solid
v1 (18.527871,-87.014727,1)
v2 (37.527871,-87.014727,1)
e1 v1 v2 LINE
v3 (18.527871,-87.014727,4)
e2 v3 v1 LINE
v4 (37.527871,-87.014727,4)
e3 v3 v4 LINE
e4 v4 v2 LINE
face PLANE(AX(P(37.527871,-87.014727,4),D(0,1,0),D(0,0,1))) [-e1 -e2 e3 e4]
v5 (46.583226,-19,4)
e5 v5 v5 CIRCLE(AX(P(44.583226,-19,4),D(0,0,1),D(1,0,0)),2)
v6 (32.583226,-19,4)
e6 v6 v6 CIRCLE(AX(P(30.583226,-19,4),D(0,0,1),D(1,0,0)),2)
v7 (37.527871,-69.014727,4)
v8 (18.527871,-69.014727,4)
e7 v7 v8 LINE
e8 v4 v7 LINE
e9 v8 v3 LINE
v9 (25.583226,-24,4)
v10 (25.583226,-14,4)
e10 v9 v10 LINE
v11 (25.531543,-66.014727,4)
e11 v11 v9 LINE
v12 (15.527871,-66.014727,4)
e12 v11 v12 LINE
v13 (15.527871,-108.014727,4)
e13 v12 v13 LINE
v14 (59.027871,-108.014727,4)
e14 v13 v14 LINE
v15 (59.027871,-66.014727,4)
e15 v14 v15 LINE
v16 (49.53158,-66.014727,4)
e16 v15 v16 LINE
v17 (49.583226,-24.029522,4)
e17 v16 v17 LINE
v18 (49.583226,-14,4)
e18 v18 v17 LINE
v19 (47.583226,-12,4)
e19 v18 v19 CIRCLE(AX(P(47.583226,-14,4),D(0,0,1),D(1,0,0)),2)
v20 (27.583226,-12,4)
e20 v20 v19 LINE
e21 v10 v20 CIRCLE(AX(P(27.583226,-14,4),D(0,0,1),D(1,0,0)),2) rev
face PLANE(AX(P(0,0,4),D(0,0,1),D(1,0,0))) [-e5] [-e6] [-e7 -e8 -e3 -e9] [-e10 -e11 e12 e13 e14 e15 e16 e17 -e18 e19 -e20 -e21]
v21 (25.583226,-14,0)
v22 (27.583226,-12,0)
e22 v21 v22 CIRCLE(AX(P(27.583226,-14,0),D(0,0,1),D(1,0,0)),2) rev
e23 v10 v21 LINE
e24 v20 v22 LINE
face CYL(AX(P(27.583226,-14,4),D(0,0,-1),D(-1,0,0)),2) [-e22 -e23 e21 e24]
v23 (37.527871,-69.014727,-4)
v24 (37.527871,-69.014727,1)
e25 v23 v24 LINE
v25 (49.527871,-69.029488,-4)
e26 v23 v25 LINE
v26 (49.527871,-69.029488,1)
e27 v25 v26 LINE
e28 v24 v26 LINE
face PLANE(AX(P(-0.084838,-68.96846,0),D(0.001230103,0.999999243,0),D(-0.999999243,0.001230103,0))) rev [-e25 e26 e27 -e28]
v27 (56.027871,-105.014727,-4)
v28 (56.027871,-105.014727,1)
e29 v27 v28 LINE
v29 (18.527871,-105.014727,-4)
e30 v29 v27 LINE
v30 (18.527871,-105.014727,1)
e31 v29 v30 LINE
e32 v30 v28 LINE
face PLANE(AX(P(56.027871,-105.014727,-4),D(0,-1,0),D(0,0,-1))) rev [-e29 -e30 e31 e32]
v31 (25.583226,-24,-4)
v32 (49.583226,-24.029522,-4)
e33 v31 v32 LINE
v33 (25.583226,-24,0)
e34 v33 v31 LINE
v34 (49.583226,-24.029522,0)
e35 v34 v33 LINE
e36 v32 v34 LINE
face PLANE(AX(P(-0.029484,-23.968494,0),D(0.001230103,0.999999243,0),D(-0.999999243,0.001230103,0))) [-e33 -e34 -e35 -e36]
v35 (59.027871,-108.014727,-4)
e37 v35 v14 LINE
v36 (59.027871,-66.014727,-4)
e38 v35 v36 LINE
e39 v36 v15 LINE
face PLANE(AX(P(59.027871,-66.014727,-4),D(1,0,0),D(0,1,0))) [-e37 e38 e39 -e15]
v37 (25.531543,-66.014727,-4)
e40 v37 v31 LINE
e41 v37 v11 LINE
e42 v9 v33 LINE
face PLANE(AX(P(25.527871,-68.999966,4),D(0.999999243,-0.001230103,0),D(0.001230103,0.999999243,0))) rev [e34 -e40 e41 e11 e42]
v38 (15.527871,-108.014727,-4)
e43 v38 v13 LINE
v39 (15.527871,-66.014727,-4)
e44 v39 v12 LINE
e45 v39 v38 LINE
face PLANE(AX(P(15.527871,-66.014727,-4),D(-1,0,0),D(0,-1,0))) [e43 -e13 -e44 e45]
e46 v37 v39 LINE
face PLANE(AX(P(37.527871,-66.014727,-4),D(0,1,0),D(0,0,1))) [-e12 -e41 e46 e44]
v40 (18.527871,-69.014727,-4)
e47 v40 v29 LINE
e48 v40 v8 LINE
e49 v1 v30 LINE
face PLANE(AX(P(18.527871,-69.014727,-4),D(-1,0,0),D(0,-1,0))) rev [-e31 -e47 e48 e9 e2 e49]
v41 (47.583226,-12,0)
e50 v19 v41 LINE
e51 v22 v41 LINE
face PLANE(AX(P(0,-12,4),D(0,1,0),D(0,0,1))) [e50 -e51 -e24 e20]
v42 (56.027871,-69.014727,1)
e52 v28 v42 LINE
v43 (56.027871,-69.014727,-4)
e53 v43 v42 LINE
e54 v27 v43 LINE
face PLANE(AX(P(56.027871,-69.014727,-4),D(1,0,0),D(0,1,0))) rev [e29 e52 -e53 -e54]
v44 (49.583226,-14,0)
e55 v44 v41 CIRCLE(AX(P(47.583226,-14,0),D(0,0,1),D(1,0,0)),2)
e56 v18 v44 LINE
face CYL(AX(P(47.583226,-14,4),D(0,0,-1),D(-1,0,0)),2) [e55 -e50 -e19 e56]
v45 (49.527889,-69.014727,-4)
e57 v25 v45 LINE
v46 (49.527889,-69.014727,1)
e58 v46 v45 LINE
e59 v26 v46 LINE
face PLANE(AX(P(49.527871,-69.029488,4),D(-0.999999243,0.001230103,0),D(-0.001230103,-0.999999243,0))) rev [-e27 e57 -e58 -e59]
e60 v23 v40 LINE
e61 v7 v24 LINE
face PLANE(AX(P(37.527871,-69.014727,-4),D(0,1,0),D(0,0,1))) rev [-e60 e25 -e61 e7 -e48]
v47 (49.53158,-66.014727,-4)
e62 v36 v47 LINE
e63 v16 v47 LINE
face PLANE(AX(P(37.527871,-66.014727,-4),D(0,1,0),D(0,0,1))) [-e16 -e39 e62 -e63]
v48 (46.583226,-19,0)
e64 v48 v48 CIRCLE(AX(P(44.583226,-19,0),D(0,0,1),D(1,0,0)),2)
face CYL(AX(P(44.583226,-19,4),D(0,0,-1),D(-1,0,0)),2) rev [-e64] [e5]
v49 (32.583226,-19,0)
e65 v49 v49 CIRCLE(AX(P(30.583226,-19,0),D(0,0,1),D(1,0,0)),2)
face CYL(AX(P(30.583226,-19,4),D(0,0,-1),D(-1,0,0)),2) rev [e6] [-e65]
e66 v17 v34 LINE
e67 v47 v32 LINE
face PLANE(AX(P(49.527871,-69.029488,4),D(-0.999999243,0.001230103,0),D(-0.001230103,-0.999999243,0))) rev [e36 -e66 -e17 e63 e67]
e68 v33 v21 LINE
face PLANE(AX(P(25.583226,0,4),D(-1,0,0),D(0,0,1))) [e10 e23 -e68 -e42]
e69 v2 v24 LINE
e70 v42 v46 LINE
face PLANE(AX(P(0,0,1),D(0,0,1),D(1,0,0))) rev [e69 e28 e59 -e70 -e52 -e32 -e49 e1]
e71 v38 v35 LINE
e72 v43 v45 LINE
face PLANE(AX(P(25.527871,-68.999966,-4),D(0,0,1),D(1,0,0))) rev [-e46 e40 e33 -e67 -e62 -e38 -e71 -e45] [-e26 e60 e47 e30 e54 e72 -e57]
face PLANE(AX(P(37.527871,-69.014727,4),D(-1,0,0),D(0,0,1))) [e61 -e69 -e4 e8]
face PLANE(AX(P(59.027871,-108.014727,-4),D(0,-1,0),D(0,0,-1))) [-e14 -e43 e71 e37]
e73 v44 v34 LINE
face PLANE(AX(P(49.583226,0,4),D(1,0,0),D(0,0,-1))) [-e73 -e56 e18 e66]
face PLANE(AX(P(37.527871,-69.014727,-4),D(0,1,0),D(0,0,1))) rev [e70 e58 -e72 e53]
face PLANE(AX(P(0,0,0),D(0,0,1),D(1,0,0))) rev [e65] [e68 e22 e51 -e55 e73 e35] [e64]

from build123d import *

# Parameters (mm, degrees)
SKETCH_1_R      = 2
EXTRUDE_1_DEPTH = 4
SKETCH_2_W      = 24.000018158
SKETCH_2_H      = 8
EXTRUDE_2_DEPTH = 45
EXTRUDE_START   = -3
EXTRUDE_3_DEPTH = 5
SKETCH_4_W      = 43.5
SKETCH_4_H      = 42
SKETCH_4_W_2    = 19
SKETCH_4_H_2    = 18
EXTRUDE_4_DEPTH = 3


with BuildPart() as part:
    # 草图1 → 凸台-拉伸1 (new body)
    with BuildSketch(Plane.XY):
        with BuildLine():
            Line((49.58322575, -24.029522484), (49.58322575, -14))
            ThreePointArc((49.58322575, -14), (48.997439312, -12.585786438), (47.58322575, -12))
            Line((47.58322575, -12), (27.58322575, -12))
            ThreePointArc((27.58322575, -12), (26.169012187, -12.585786438), (25.58322575, -14))
            Line((25.58322575, -14), (25.58322575, -24))
            Line((25.58322575, -24), (49.58322575, -24.029522484))
        make_face()
        with Locations((30.58322575, -19)):
            Circle(SKETCH_1_R, mode=Mode.SUBTRACT)
        with Locations((44.58322575, -19)):
            Circle(SKETCH_1_R, mode=Mode.SUBTRACT)
    extrude(amount=EXTRUDE_1_DEPTH)

    # 草图2 → 凸台-拉伸2 (add)
    with BuildSketch(Plane(origin=(-0.029483728, -23.968493717, 0), x_dir=(0.9999992434235635, -0.0012301025569531234, 0), z_dir=(-0.0012301025569531234, -0.9999992434235636, 0))):
        with Locations((37.612737934, 0)):
            Rectangle(SKETCH_2_W, SKETCH_2_H)
    extrude(amount=EXTRUDE_2_DEPTH)

    # 草图3 → 凸台-拉伸3 (add)
    with BuildSketch(Plane.XY.offset(4).offset(EXTRUDE_START)):
        Polygon((37.527871134, -66.014727196), (15.527871134, -66.014727196), (15.527871134, -108.014727196), (37.027871134, -108.014727196), (59.027871134, -108.014727196), (59.027871134, -66.014727196), align=None)
        Polygon((37.527871134, -69.014727196), (18.527871134, -69.014727196), (18.527871134, -105.014727196), (37.027871134, -105.014727196), (56.027871134, -105.014727196), (56.027871134, -69.014727196), align=None, mode=Mode.SUBTRACT)
    extrude(amount=-EXTRUDE_3_DEPTH)

    # 草图4 → 凸台-拉伸4 (add)
    with BuildSketch(Plane.XY.offset(1)):
        with Locations((37.277871134, -87.014727196)):
            Rectangle(SKETCH_4_W, SKETCH_4_H)
        with Locations((28.027871134, -78.014727196)):
            Rectangle(SKETCH_4_W_2, SKETCH_4_H_2, mode=Mode.SUBTRACT)
    extrude(amount=EXTRUDE_4_DEPTH)


solid = part.part
